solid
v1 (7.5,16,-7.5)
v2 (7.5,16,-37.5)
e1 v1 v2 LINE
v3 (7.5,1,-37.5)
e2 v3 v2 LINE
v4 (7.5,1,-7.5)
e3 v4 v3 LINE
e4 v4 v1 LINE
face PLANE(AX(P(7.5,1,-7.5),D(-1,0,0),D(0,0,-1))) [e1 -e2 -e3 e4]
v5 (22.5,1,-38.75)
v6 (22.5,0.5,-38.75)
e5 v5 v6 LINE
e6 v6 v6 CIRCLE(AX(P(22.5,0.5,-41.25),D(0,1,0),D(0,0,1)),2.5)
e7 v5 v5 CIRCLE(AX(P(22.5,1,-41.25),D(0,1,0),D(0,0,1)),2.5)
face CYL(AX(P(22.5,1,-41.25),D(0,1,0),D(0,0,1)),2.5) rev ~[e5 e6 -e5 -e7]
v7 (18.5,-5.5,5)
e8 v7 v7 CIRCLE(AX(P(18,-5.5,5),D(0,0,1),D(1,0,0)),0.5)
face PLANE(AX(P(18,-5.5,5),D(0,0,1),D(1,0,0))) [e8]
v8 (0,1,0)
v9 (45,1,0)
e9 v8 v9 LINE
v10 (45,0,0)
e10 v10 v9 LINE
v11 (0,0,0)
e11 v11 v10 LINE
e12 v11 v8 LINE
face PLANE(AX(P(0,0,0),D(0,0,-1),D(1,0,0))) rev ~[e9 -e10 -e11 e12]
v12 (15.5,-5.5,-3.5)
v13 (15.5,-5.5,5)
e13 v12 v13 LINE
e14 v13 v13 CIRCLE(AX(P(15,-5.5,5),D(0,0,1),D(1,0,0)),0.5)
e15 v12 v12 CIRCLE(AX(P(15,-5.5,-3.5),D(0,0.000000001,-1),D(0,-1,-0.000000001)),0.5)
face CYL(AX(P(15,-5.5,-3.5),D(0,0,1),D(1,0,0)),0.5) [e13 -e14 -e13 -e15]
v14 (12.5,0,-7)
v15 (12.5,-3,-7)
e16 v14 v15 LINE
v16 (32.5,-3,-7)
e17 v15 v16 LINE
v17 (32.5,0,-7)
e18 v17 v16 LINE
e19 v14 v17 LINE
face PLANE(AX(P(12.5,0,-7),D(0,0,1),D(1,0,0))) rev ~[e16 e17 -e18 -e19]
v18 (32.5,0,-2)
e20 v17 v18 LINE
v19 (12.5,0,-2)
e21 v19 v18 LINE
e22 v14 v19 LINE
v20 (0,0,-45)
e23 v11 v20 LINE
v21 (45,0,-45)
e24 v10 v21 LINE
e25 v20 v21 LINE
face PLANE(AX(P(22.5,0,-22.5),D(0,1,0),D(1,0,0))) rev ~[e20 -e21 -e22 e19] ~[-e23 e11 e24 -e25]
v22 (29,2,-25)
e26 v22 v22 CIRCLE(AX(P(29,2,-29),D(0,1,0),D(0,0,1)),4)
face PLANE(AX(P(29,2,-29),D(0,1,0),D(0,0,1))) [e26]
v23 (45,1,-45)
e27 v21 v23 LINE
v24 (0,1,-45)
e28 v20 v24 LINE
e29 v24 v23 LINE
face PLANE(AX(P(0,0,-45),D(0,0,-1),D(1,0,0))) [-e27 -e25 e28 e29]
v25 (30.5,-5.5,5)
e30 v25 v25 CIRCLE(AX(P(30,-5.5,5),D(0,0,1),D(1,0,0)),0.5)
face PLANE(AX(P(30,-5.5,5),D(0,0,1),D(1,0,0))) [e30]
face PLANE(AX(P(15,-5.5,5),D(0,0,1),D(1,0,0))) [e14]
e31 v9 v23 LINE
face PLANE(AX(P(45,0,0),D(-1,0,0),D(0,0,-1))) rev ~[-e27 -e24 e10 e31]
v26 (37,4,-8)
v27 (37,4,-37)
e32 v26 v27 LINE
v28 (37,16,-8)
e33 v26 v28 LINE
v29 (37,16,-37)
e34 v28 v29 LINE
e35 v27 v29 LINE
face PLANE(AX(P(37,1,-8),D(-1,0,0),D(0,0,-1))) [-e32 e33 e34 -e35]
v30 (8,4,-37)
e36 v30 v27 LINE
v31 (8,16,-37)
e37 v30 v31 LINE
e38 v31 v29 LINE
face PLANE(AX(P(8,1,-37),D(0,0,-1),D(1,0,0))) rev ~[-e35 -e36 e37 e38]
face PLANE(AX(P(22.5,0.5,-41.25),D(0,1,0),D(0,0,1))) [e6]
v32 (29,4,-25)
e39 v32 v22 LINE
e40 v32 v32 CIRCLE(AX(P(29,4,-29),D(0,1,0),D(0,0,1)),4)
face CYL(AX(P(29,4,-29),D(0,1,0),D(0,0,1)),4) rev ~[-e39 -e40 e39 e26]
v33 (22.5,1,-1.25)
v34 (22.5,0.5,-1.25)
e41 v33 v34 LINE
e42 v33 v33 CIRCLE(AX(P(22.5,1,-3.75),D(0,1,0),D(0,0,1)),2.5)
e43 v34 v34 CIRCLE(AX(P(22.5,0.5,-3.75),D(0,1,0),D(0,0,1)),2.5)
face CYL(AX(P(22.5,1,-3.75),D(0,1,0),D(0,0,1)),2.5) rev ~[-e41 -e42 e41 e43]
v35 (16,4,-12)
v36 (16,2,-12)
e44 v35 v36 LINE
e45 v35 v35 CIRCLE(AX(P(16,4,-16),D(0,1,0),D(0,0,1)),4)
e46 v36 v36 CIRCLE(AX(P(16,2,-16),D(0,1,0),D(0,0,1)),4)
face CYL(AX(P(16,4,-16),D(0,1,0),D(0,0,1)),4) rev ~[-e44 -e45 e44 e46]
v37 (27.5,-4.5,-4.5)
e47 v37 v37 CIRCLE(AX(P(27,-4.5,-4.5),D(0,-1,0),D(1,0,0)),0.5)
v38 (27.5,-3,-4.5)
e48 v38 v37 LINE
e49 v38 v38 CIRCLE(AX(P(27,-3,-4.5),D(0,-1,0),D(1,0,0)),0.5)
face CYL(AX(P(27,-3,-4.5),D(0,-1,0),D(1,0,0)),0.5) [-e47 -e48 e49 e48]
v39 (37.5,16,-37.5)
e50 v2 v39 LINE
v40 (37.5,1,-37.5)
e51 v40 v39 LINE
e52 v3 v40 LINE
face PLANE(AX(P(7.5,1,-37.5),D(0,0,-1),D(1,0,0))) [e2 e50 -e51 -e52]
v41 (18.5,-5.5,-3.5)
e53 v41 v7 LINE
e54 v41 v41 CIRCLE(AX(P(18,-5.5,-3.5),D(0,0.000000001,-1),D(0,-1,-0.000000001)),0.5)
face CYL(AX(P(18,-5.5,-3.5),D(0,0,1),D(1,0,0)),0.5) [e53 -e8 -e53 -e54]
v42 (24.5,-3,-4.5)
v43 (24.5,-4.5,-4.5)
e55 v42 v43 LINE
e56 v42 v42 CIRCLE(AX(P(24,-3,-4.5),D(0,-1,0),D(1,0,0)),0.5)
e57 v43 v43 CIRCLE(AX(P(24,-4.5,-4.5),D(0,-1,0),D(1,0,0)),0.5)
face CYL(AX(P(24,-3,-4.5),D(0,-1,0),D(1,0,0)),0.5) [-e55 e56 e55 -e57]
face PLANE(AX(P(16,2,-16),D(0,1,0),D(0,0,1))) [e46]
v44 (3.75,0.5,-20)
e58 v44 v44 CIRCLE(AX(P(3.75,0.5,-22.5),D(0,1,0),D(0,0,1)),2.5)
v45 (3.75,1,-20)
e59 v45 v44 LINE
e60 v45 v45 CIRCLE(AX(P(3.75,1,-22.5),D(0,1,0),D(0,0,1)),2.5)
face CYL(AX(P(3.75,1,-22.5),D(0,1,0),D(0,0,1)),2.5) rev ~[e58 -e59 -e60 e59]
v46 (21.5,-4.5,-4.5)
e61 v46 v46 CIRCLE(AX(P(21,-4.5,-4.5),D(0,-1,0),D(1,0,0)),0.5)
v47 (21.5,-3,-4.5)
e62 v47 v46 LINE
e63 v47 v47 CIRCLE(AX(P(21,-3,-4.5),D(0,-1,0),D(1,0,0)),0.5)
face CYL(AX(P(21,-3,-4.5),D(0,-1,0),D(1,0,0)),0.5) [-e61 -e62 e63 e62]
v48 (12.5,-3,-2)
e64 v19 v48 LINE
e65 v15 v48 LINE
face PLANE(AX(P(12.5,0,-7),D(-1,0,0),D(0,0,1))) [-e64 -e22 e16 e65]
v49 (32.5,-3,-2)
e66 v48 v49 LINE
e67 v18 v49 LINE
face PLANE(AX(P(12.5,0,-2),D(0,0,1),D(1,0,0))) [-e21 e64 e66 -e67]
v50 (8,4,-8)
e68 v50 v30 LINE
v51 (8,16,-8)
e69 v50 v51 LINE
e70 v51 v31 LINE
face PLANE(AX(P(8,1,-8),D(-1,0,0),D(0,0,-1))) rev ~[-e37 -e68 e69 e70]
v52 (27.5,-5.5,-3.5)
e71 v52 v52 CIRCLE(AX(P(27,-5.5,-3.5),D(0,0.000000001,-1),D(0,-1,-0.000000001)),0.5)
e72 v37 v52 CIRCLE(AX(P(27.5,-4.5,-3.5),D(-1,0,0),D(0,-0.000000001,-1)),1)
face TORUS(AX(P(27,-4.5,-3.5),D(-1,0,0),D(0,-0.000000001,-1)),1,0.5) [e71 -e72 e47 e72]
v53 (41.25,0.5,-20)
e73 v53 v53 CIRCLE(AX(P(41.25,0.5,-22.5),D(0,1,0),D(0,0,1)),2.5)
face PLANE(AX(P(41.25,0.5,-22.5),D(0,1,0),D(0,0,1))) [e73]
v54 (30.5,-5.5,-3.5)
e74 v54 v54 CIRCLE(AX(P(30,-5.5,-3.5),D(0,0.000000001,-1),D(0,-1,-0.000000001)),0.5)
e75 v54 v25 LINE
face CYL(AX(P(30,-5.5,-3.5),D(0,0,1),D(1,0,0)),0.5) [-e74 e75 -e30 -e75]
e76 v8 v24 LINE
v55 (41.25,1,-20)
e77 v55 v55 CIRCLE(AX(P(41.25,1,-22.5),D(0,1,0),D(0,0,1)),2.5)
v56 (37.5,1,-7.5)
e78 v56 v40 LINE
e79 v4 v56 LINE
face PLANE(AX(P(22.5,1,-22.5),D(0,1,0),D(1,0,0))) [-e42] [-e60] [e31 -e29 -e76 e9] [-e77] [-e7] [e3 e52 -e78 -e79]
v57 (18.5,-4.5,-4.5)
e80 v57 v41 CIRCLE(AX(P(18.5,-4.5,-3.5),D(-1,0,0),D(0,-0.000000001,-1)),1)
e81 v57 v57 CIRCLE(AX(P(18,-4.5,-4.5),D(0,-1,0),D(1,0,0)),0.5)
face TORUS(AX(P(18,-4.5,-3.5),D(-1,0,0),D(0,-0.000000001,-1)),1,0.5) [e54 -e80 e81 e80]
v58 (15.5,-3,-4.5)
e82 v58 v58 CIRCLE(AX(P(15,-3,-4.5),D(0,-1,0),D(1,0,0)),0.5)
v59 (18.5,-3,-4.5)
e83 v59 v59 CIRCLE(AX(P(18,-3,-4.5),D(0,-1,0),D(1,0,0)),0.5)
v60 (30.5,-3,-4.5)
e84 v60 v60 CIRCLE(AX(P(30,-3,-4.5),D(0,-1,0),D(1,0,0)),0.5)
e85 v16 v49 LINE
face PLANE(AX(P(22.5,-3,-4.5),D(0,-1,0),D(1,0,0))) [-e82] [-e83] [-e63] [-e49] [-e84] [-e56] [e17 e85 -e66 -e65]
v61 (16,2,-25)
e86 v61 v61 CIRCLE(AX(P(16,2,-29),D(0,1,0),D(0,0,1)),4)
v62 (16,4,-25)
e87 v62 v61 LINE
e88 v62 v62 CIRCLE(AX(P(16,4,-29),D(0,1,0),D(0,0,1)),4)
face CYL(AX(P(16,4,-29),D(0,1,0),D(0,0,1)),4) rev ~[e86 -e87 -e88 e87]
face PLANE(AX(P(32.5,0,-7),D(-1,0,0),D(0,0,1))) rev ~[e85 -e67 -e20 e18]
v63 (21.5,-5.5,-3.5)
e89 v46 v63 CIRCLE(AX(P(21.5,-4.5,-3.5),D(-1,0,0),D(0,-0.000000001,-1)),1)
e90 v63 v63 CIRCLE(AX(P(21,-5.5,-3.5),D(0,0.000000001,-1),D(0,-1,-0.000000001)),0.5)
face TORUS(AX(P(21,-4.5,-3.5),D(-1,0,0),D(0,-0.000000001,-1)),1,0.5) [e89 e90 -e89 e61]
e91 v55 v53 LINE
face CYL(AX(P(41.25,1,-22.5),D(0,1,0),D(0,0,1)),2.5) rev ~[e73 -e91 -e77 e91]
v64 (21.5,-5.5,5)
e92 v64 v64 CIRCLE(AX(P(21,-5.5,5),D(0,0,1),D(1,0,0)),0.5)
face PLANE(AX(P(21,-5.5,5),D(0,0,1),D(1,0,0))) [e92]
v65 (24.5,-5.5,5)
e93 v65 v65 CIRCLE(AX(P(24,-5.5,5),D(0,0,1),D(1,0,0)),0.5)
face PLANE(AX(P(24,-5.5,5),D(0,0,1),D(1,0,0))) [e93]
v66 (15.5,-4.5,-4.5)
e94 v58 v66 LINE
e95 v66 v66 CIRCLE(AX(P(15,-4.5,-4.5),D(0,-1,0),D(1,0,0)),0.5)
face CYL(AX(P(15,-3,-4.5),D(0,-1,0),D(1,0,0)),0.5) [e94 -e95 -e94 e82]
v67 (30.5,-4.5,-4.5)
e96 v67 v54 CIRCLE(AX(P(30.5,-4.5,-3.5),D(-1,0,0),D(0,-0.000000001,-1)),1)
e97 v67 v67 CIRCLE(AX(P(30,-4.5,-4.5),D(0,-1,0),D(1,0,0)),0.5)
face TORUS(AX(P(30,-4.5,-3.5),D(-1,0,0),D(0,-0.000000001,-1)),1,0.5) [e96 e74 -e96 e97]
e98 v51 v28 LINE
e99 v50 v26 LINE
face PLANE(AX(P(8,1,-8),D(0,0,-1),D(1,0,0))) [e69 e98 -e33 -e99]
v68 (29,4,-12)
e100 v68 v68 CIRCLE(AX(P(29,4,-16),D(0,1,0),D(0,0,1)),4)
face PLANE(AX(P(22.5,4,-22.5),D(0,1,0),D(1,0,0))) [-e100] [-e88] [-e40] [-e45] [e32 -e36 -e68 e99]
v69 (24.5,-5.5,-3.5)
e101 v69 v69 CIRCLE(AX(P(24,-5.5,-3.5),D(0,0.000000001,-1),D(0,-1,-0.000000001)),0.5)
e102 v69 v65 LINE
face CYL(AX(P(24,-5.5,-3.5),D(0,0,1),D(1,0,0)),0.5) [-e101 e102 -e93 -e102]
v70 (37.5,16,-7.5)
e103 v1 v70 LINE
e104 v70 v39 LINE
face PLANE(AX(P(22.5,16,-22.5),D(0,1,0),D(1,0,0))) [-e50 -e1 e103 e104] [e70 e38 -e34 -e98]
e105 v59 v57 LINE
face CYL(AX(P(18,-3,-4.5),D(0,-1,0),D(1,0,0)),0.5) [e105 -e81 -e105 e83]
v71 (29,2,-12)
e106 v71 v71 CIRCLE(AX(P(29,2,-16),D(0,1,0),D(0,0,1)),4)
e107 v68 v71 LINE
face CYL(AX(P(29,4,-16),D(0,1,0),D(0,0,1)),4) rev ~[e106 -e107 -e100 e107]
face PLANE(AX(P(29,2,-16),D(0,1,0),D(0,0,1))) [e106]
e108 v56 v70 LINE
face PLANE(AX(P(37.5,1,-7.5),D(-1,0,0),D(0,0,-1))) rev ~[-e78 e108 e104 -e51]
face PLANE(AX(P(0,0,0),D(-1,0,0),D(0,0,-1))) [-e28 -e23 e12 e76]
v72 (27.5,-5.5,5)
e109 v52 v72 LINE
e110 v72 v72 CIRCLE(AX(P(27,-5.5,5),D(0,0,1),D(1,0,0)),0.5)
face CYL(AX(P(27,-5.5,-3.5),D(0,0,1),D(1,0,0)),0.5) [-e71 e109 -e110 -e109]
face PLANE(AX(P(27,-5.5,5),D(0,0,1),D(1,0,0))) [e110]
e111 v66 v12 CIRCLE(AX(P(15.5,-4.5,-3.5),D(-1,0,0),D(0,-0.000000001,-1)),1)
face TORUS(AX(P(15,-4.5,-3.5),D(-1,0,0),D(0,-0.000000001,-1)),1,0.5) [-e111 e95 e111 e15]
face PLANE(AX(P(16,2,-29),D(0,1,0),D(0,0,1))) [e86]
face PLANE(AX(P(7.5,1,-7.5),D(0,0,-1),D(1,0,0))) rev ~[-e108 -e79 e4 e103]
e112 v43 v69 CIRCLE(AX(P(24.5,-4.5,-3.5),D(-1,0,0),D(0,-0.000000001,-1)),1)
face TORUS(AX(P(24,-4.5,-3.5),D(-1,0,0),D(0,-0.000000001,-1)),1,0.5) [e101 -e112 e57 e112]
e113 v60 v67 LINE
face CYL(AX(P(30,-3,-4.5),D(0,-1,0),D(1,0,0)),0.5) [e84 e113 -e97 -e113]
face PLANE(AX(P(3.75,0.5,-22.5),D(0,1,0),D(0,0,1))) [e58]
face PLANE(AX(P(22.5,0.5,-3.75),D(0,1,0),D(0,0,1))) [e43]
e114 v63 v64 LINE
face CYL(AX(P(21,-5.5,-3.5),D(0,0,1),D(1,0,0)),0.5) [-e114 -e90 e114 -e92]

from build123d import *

# Parameters (mm, degrees)
SKETCH1_W           = 45
SKETCH1_H           = 45
BOSS_EXTRUDE1_DEPTH = 1
SKETCH2_W           = 30
SKETCH2_H           = 30
SKETCH2_W_2         = 29
SKETCH2_H_2         = 29
BOSS_EXTRUDE2_DEPTH = 15
SKETCH3_W           = 29
SKETCH3_H           = 29
BOSS_EXTRUDE3_DEPTH = 3
SKETCH4_R           = 4
CUT_EXTRUDE1_DEPTH  = 2
SKETCH5_R           = 2.5
CUT_EXTRUDE2_DEPTH  = 0.5
SKETCH7_W           = 20
SKETCH7_H           = 5
BOSS_EXTRUDE4_DEPTH = 3
SKETCH9_R           = 0.5
LPATTERN1_COUNT     = 6
LPATTERN1_PITCH     = 3


with BuildPart() as part:
    # Sketch1 → Boss-Extrude1 (new body)
    with BuildSketch(Plane(origin=(0, 0, 0), x_dir=(1, 0, 0), z_dir=(0, 1, 0))):
        with Locations((22.5, 22.5)):
            Rectangle(SKETCH1_W, SKETCH1_H)
    extrude(amount=BOSS_EXTRUDE1_DEPTH)

    # Sketch2 → Boss-Extrude2 (add)
    with BuildSketch(Plane(origin=(0, 1, 0), x_dir=(1, 0, 0), z_dir=(0, 1, 0))):
        with Locations((22.5, 22.5)):
            Rectangle(SKETCH2_W, SKETCH2_H)
        with Locations((22.5, 22.5)):
            Rectangle(SKETCH2_W_2, SKETCH2_H_2, mode=Mode.SUBTRACT)
    extrude(amount=BOSS_EXTRUDE2_DEPTH)

    # Sketch3 → Boss-Extrude3 (add)
    with BuildSketch(Plane(origin=(0, 1, 0), x_dir=(1, 0, 0), z_dir=(0, 1, 0))):
        with Locations((22.5, 22.5)):
            Rectangle(SKETCH3_W, SKETCH3_H)
    extrude(amount=BOSS_EXTRUDE3_DEPTH)

    # Sketch4 → Cut-Extrude1 (cut)
    with BuildSketch(Plane(origin=(0, 4, 0), x_dir=(1, 0, 0), z_dir=(0, 1, 0))):
        with Locations(Location((16, 29, 0), (0, 0, 270))):
            Circle(SKETCH4_R)
        with Locations(Location((29, 29, 0), (0, 0, 270))):
            Circle(SKETCH4_R)
        with Locations(Location((29, 16, 0), (0, 0, 270))):
            Circle(SKETCH4_R)
        with Locations(Location((16, 16, 0), (0, 0, 270))):
            Circle(SKETCH4_R)
    extrude(amount=-CUT_EXTRUDE1_DEPTH, mode=Mode.SUBTRACT)

    # Sketch5 → Cut-Extrude2 (cut)
    with BuildSketch(Plane(origin=(0, 1, 0), x_dir=(1, 0, 0), z_dir=(0, 1, 0))):
        with Locations(Location((41.25, 22.5, 0), (0, 0, 270))):
            Circle(SKETCH5_R)
        with Locations(Location((22.5, 41.25, 0), (0, 0, 270))):
            Circle(SKETCH5_R)
        with Locations(Location((3.75, 22.5, 0), (0, 0, 270))):
            Circle(SKETCH5_R)
        with Locations(Location((22.5, 3.75, 0), (0, 0, 270))):
            Circle(SKETCH5_R)
    extrude(amount=-CUT_EXTRUDE2_DEPTH, mode=Mode.SUBTRACT)

    # Sketch7 → Boss-Extrude4 (add)
    with BuildSketch(Plane.XZ):
        with Locations((22.5, -4.5)):
            Rectangle(SKETCH7_W, SKETCH7_H)
    extrude(amount=BOSS_EXTRUDE4_DEPTH)

    # Sweep1: sweep along a path in Sketch8
    with BuildLine(Plane.ZY.offset(-15)) as sweep1_path:
        Line((-4.5, -3), (-4.5, -4.5))
        ThreePointArc((-4.5, -4.5), (-4.207106781, -5.207106781), (-3.5, -5.5))
        Line((-3.5, -5.5), (5, -5.5))
    # Sketch9 → Sweep1 (sweep)
    with BuildSketch(Plane(origin=(15, -5.5, 5), x_dir=(1, 0, 0), z_dir=(0, 0, 1))):
        Circle(SKETCH9_R)
    sweep1 = sweep(path=sweep1_path.line)

    # LPattern1: Sweep1 ×6
    with Locations(*[(i * LPATTERN1_PITCH, 0, 0) for i in range(1, LPATTERN1_COUNT)]):
        add(sweep1)


solid = part.part
